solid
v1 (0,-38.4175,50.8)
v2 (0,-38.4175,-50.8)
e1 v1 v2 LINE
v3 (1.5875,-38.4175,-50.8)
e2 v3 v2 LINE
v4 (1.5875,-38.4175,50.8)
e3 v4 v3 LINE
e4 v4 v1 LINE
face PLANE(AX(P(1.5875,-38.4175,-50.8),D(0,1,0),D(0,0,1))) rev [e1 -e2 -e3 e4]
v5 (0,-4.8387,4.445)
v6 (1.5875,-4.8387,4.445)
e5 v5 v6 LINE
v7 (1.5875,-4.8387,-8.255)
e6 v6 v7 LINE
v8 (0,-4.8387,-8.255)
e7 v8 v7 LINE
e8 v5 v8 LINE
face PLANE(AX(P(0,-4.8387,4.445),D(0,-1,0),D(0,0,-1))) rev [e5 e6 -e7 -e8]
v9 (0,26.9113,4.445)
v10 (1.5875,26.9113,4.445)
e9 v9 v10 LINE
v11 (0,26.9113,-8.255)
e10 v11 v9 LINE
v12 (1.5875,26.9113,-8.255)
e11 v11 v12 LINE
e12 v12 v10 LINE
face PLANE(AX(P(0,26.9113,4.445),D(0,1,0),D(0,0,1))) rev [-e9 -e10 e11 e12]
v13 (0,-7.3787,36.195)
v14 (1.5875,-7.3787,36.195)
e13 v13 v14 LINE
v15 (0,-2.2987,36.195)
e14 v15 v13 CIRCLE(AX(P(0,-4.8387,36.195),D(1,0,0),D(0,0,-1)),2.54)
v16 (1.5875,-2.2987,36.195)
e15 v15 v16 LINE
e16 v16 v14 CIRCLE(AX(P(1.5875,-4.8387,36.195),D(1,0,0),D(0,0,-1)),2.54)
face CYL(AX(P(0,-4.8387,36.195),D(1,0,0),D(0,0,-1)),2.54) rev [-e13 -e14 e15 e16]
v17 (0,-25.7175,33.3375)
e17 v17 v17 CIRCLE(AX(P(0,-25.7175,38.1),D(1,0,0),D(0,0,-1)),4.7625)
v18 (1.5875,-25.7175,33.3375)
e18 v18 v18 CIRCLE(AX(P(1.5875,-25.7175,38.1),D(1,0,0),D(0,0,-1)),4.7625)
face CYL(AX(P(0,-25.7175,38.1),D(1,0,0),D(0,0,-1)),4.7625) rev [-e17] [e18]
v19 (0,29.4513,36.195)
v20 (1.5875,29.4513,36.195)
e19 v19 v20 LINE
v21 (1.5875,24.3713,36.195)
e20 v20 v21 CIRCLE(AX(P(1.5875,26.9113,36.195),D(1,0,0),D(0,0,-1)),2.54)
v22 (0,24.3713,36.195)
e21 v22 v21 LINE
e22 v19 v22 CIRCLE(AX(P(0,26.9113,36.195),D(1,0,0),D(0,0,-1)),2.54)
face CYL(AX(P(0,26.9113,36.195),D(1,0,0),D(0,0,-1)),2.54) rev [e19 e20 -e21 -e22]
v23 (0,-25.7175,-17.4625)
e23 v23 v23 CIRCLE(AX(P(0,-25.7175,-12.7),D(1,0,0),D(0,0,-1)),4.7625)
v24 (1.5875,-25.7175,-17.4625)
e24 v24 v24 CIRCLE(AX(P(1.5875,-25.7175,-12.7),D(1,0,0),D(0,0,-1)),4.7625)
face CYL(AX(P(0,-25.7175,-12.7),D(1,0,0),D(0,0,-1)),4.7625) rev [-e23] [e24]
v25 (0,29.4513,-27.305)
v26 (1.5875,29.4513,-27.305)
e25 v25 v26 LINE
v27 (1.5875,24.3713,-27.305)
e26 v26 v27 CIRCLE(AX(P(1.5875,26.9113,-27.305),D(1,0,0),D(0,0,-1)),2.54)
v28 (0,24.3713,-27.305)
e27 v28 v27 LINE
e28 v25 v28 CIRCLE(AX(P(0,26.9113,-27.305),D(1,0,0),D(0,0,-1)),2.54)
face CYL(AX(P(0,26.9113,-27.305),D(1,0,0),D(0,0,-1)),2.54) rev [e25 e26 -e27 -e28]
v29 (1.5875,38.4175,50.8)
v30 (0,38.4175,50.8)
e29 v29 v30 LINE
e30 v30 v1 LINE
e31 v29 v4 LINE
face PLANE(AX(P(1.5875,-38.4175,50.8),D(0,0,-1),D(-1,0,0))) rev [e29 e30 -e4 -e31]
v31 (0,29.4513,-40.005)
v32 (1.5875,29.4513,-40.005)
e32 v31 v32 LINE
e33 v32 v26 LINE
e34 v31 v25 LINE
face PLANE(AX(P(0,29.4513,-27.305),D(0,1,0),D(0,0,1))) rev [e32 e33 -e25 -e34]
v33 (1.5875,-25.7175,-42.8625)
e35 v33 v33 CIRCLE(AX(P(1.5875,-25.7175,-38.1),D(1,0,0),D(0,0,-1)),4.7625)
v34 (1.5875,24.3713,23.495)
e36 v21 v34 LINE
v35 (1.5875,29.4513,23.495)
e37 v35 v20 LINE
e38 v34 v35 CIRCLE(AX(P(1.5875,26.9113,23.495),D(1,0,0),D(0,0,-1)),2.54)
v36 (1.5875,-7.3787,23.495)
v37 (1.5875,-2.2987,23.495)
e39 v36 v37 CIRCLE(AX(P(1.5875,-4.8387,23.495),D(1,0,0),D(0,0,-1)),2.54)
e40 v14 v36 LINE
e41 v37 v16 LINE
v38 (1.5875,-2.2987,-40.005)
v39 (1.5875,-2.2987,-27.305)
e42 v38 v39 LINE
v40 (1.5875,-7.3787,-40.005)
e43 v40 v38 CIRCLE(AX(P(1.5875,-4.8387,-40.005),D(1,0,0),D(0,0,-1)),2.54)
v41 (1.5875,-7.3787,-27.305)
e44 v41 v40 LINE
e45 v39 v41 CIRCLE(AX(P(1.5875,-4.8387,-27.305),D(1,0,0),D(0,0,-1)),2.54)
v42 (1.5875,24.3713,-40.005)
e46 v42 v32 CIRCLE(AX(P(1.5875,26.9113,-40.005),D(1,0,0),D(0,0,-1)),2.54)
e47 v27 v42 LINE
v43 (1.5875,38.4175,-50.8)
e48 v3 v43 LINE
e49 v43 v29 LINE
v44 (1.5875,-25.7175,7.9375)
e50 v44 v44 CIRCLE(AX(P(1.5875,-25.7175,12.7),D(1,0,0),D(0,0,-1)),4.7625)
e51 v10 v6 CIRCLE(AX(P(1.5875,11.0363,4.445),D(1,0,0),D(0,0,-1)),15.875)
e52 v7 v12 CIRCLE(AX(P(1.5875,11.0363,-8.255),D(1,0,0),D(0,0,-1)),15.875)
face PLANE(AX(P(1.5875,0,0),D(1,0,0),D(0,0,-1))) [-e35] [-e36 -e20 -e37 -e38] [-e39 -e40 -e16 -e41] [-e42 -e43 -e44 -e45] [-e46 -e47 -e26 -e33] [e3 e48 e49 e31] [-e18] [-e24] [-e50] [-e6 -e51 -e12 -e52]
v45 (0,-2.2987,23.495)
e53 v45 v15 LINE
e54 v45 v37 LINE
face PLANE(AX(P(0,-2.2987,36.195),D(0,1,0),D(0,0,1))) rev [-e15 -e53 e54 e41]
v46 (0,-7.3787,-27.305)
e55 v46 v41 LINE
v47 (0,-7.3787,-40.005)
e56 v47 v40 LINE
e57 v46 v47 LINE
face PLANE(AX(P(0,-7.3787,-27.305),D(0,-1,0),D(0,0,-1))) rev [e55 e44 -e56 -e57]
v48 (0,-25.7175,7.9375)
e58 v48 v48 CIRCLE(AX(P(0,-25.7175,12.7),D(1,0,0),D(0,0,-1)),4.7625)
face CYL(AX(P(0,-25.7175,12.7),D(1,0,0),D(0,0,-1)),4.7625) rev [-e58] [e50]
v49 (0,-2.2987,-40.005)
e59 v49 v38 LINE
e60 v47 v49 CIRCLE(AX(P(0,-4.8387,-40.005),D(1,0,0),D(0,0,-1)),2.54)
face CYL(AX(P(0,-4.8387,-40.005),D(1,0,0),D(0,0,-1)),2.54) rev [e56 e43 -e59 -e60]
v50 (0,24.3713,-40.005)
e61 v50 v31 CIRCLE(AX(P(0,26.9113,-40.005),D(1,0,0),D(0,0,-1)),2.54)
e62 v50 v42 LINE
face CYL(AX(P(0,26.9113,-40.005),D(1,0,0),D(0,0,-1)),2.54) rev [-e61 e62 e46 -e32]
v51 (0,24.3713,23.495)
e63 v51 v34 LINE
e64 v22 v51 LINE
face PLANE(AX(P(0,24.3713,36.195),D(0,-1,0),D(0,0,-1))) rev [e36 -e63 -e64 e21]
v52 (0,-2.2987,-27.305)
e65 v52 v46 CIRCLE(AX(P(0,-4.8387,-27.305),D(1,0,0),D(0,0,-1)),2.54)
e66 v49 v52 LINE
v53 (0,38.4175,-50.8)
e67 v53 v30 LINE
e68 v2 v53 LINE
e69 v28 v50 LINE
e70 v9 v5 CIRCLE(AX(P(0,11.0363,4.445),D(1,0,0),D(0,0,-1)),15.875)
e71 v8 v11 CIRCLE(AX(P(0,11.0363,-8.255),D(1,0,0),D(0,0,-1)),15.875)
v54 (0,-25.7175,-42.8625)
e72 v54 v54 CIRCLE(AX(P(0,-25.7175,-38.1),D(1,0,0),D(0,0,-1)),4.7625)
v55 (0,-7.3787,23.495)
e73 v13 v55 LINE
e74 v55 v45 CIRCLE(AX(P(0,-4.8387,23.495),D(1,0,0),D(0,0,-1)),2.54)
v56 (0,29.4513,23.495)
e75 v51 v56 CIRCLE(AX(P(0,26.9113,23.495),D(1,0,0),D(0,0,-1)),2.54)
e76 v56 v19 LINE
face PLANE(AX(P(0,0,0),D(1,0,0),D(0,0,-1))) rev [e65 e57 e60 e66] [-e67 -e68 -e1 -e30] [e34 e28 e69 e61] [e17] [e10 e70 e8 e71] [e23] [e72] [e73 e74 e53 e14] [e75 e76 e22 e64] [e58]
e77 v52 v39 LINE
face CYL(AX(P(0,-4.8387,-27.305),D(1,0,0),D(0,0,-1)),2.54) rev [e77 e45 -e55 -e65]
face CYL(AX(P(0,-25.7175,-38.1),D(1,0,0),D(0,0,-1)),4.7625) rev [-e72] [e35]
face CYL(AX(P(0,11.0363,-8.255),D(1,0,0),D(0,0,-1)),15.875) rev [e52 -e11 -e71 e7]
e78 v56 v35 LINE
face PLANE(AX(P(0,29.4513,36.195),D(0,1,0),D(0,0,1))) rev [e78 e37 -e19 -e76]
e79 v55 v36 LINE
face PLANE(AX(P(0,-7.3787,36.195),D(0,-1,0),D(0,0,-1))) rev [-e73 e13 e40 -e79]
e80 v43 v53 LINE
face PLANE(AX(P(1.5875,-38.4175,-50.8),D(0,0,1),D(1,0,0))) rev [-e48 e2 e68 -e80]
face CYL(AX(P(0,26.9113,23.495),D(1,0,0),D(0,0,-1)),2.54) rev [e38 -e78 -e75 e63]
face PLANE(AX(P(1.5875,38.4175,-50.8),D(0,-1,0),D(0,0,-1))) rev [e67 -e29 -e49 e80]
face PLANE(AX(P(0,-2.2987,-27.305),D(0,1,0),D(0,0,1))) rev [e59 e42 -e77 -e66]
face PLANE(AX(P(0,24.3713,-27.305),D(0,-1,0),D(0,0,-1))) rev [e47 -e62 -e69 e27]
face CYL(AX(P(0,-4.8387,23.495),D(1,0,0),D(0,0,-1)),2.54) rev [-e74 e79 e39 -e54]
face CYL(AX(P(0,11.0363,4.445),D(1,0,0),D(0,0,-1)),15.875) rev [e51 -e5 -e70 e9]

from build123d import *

# Parameters (mm, degrees)
SKETCH1_W           = 101.6
SKETCH1_H           = 76.835
BOSS_EXTRUDE1_DEPTH = 1.5875
SKETCH2_R           = 4.7625
CUT_EXTRUDE1_DEPTH  = 2.5875


with BuildPart() as part:
    # Sketch1 → Boss-Extrude1 (new body)
    with BuildSketch(Plane(origin=(0, 0, 0), x_dir=(0, 0, -1), z_dir=(1, 0, 0))):
        Rectangle(SKETCH1_W, SKETCH1_H)
    extrude(amount=BOSS_EXTRUDE1_DEPTH)

    # Sketch2 → Cut-Extrude1 (cut, through all)
    with BuildSketch(Plane(origin=(1.5875, 0, 0), x_dir=(0, 0, -1), z_dir=(1, 0, 0))):
        with Locations((-38.1, -25.7175)):
            Circle(SKETCH2_R)
        with Locations((-12.7, -25.7175)):
            Circle(SKETCH2_R)
        with Locations((12.7, -25.7175)):
            Circle(SKETCH2_R)
        with Locations((38.1, -25.7175)):
            Circle(SKETCH2_R)
        with BuildLine():
            Line((-36.195, -2.2987), (-23.495, -2.2987))
            ThreePointArc((-23.495, -2.2987), (-20.955, -4.8387), (-23.495, -7.3787))
            Line((-23.495, -7.3787), (-36.195, -7.3787))
            ThreePointArc((-36.195, -7.3787), (-38.735, -4.8387), (-36.195, -2.2987))
        make_face()
        with BuildLine():
            Line((27.305, -2.2987), (40.005, -2.2987))
            ThreePointArc((40.005, -2.2987), (42.545, -4.8387), (40.005, -7.3787))
            Line((40.005, -7.3787), (27.305, -7.3787))
            ThreePointArc((27.305, -7.3787), (24.765, -4.8387), (27.305, -2.2987))
        make_face()
        with BuildLine():
            Line((27.305, 29.4513), (40.005, 29.4513))
            ThreePointArc((40.005, 29.4513), (42.545, 26.9113), (40.005, 24.3713))
            Line((40.005, 24.3713), (27.305, 24.3713))
            ThreePointArc((27.305, 24.3713), (24.765, 26.9113), (27.305, 29.4513))
        make_face()
        with BuildLine():
            Line((-36.195, 29.4513), (-23.495, 29.4513))
            ThreePointArc((-23.495, 29.4513), (-20.955, 26.9113), (-23.495, 24.3713))
            Line((-23.495, 24.3713), (-36.195, 24.3713))
            ThreePointArc((-36.195, 24.3713), (-38.735, 26.9113), (-36.195, 29.4513))
        make_face()
        with BuildLine():
            Line((-4.445, 26.9113), (8.255, 26.9113))
            ThreePointArc((8.255, 26.9113), (24.13, 11.0363), (8.255, -4.8387))
            Line((8.255, -4.8387), (-4.445, -4.8387))
            ThreePointArc((-4.445, -4.8387), (-20.32, 11.0363), (-4.445, 26.9113))
        make_face()
    extrude(amount=-CUT_EXTRUDE1_DEPTH, mode=Mode.SUBTRACT)


solid = part.part
